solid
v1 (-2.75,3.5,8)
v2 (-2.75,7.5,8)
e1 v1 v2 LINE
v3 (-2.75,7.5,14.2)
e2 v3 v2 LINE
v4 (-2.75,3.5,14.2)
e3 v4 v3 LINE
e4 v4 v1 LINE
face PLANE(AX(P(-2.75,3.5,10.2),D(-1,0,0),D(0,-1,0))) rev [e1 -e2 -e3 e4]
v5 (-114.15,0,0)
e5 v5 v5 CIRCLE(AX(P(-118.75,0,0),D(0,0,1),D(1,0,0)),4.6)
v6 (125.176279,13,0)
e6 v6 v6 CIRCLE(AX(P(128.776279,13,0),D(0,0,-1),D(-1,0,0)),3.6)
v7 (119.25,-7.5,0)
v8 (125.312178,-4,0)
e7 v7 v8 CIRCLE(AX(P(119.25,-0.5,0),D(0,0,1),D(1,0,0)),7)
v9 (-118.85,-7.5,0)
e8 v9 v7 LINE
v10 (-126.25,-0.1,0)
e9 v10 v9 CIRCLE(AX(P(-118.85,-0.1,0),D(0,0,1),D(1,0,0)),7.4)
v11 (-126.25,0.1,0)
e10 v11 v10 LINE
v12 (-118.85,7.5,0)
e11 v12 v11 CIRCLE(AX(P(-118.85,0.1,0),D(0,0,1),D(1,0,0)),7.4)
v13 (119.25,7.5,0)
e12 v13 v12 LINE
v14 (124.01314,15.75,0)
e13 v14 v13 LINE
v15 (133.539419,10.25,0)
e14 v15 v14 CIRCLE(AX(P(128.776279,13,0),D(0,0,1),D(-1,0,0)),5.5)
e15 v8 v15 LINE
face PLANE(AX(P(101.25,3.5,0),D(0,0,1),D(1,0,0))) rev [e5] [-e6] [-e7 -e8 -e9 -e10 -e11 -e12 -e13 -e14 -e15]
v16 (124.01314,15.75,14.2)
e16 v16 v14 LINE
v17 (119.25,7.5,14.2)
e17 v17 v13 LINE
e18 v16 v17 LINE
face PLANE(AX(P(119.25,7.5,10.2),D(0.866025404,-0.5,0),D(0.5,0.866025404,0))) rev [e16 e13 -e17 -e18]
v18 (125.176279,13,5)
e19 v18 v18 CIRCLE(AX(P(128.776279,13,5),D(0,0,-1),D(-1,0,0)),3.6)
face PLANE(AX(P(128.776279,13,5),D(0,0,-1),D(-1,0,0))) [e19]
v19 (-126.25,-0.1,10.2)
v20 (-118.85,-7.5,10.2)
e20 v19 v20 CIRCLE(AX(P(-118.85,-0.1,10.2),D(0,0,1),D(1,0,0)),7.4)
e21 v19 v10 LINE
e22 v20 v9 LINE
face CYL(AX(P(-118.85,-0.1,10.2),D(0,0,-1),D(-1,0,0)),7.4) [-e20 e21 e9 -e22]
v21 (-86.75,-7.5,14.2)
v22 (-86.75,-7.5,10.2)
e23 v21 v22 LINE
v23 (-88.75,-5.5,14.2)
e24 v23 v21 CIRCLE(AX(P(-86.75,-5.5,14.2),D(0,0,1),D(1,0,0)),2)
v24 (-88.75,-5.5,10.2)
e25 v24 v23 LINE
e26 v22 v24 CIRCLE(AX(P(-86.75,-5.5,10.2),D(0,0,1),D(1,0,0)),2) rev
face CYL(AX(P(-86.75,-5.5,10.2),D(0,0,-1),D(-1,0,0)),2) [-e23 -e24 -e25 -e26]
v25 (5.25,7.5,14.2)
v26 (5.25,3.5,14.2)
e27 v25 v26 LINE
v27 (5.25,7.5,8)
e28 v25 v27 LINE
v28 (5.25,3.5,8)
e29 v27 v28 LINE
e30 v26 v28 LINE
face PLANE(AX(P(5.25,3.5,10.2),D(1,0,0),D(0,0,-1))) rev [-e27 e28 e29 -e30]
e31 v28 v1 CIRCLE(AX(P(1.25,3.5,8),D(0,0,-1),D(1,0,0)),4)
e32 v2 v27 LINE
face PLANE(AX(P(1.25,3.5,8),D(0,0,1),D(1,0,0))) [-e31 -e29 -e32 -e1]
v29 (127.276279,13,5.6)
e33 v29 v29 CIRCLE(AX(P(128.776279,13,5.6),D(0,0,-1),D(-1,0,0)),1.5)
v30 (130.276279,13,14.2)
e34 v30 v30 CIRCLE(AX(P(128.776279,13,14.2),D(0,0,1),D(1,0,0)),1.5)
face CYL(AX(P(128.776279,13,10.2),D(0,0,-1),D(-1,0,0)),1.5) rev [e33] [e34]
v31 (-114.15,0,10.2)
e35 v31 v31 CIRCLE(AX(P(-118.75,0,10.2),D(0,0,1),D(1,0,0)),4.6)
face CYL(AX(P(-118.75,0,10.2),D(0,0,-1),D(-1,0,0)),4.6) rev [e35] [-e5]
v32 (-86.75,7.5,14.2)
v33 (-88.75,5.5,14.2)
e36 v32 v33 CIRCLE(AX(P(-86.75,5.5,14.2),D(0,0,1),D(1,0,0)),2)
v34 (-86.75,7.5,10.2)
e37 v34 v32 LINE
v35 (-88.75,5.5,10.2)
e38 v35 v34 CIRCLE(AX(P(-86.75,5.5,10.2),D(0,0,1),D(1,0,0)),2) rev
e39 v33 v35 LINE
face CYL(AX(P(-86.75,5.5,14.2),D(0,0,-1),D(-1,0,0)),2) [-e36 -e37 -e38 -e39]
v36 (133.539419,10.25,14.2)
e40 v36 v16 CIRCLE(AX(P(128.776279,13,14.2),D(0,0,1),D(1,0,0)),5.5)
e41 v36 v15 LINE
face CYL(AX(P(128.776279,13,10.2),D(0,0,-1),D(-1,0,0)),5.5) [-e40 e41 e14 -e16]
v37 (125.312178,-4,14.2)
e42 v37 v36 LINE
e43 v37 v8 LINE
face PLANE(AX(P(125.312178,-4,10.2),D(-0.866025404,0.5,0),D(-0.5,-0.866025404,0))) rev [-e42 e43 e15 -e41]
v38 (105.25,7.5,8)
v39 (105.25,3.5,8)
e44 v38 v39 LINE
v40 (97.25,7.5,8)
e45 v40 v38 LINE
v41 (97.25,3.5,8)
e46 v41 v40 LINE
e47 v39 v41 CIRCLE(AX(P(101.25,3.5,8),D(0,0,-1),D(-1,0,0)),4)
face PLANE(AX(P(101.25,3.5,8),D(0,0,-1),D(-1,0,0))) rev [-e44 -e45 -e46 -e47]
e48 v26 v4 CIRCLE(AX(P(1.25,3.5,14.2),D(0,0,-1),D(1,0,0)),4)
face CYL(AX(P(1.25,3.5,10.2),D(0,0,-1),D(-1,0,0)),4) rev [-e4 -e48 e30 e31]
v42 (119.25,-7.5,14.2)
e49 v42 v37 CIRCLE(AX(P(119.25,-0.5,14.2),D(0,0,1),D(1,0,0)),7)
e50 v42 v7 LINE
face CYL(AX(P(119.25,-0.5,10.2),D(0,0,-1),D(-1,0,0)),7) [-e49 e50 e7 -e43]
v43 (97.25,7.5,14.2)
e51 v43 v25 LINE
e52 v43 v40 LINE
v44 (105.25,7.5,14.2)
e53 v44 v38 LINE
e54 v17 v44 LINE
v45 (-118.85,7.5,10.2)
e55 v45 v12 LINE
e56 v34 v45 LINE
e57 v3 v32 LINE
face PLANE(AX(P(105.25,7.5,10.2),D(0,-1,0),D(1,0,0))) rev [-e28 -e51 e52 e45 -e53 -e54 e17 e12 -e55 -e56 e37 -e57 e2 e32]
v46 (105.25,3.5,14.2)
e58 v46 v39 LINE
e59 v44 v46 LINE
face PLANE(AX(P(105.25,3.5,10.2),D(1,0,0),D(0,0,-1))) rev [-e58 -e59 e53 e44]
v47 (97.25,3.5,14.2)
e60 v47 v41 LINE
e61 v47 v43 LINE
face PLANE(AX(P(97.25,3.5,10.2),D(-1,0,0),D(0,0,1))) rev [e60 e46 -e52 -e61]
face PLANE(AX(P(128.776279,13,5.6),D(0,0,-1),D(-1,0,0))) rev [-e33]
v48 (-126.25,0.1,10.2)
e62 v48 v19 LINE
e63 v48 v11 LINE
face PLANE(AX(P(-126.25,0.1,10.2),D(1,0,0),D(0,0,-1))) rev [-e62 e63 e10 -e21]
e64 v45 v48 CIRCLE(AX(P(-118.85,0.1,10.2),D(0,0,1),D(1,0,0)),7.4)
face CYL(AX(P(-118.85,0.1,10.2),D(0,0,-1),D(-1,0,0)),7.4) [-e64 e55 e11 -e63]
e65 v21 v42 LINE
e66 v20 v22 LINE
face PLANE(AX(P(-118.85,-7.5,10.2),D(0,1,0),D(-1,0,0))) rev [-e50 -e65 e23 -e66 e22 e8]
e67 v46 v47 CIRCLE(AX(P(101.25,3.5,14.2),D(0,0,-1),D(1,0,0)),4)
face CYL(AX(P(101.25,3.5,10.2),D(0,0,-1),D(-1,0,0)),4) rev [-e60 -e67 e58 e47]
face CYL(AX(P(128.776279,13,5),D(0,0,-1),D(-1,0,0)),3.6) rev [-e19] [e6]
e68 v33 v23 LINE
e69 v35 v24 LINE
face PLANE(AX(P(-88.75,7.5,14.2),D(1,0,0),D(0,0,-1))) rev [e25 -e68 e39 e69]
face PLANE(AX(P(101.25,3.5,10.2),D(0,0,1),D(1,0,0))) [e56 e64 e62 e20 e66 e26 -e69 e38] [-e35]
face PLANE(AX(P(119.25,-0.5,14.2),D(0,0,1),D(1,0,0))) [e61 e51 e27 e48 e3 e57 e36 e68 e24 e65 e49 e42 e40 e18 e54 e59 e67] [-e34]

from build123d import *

# Parameters (mm, degrees)
SKETCH1_R           = 4.6
SKETCH1_R_2         = 1.5
BOSS_EXTRUDE1_DEPTH = 10.2
BOSS_EXTRUDE2_DEPTH = 8
SKETCH3_R           = 3.6
CUT_EXTRUDE1_DEPTH  = 5
SKETCH4_R           = 1.5
BOSS_EXTRUDE3_DEPTH = 0.6
SKETCH5_R           = 1.5
BOSS_EXTRUDE4_DEPTH = 4
FILLET1_R           = 2


with BuildPart() as part:
    # Sketch1 → Boss-Extrude1 (new body)
    with BuildSketch(Plane.XY):
        with BuildLine():
            Line((-118.85, 7.5), (-2.75, 7.5))
            Line((-2.75, 7.5), (-2.75, 3.5))
            ThreePointArc((-2.75, 3.5), (1.25, -0.5), (5.25, 3.5))
            Line((5.25, 3.5), (5.25, 7.5))
            Line((5.25, 7.5), (97.25, 7.5))
            Line((97.25, 7.5), (97.25, 3.5))
            ThreePointArc((97.25, 3.5), (101.25, -0.5), (105.25, 3.5))
            Line((105.25, 3.5), (105.25, 7.5))
            Line((105.25, 7.5), (119.25, 7.5))
            Line((119.25, 7.5), (124.013139721, 15.75))
            ThreePointArc((124.013139721, 15.75), (131.526279442, 17.763139721), (133.539419162, 10.25))
            Line((133.539419162, 10.25), (125.312177826, -4))
            ThreePointArc((125.312177826, -4), (122.75, -6.562177826), (119.25, -7.5))
            Line((119.25, -7.5), (-118.85, -7.5))
            ThreePointArc((-118.85, -7.5), (-124.082590181, -5.332590181), (-126.25, -0.1))
            Line((-126.25, -0.1), (-126.25, 0.1))
            ThreePointArc((-126.25, 0.1), (-124.082590181, 5.332590181), (-118.85, 7.5))
        make_face()
        with Locations((-118.75, 0)):
            Circle(SKETCH1_R, mode=Mode.SUBTRACT)
        with Locations((128.776279442, 13)):
            Circle(SKETCH1_R_2, mode=Mode.SUBTRACT)
    extrude(amount=BOSS_EXTRUDE1_DEPTH)

    # Sketch2 → Boss-Extrude2 (add)
    with BuildSketch(Plane(origin=(0, 0, 0), x_dir=(-1, 0, 0), z_dir=(0, 0, -1))):
        with BuildLine():
            Line((-105.25, 3.5), (-105.25, 7.5))
            Line((-105.25, 7.5), (-97.25, 7.5))
            Line((-97.25, 7.5), (-97.25, 3.5))
            ThreePointArc((-97.25, 3.5), (-101.25, -0.5), (-105.25, 3.5))
        make_face()
        with BuildLine():
            Line((-5.25, 3.5), (-5.25, 7.5))
            Line((-5.25, 7.5), (2.75, 7.5))
            Line((2.75, 7.5), (2.75, 3.5))
            ThreePointArc((2.75, 3.5), (-1.25, -0.5), (-5.25, 3.5))
        make_face()
    extrude(amount=-BOSS_EXTRUDE2_DEPTH)

    # Sketch3 → Cut-Extrude1 (cut)
    with BuildSketch(Plane(origin=(0, 0, 0), x_dir=(-1, 0, 0), z_dir=(0, 0, -1))):
        with Locations((-128.776279442, 13)):
            Circle(SKETCH3_R)
    extrude(amount=-CUT_EXTRUDE1_DEPTH, mode=Mode.SUBTRACT)

    # Sketch4 → Boss-Extrude3 (add)
    with BuildSketch(Plane(origin=(0, 0, 5), x_dir=(-1, 0, 0), z_dir=(0, 0, -1))):
        with Locations((-128.776279442, 13)):
            Circle(SKETCH4_R)
    extrude(amount=-BOSS_EXTRUDE3_DEPTH)

    # Sketch5 → Boss-Extrude4 (add)
    with BuildSketch(Plane.XY.offset(10.2)):
        with BuildLine():
            Line((-88.75, 7.5), (-88.75, -7.5))
            Line((-88.75, -7.5), (119.25, -7.5))
            ThreePointArc((119.25, -7.5), (122.75, -6.562177826), (125.312177826, -4))
            Line((125.312177826, -4), (133.539419162, 10.25))
            ThreePointArc((133.539419162, 10.25), (131.526279442, 17.763139721), (124.013139721, 15.75))
            Line((124.013139721, 15.75), (119.25, 7.5))
            Line((119.25, 7.5), (105.25, 7.5))
            Line((105.25, 7.5), (105.25, 3.5))
            ThreePointArc((105.25, 3.5), (101.25, -0.5), (97.25, 3.5))
            Line((97.25, 3.5), (97.25, 7.5))
            Line((97.25, 7.5), (5.25, 7.5))
            Line((5.25, 7.5), (5.25, 3.5))
            ThreePointArc((5.25, 3.5), (1.25, -0.5), (-2.75, 3.5))
            Line((-2.75, 3.5), (-2.75, 7.5))
            Line((-2.75, 7.5), (-88.75, 7.5))
        make_face()
        with Locations(Location((128.776279442, 13, 0), (0, 0, 180))):
            Circle(SKETCH5_R, mode=Mode.SUBTRACT)
    extrude(amount=BOSS_EXTRUDE4_DEPTH)

    # Fillet1
    fillet1_edges = [part.edges().sort_by_distance(p)[0] for p in [
        (-88.75, 7.5, 12.2),
        (-88.75, -7.5, 12.2),
    ]]
    fillet(fillet1_edges, radius=FILLET1_R)


solid = part.part
